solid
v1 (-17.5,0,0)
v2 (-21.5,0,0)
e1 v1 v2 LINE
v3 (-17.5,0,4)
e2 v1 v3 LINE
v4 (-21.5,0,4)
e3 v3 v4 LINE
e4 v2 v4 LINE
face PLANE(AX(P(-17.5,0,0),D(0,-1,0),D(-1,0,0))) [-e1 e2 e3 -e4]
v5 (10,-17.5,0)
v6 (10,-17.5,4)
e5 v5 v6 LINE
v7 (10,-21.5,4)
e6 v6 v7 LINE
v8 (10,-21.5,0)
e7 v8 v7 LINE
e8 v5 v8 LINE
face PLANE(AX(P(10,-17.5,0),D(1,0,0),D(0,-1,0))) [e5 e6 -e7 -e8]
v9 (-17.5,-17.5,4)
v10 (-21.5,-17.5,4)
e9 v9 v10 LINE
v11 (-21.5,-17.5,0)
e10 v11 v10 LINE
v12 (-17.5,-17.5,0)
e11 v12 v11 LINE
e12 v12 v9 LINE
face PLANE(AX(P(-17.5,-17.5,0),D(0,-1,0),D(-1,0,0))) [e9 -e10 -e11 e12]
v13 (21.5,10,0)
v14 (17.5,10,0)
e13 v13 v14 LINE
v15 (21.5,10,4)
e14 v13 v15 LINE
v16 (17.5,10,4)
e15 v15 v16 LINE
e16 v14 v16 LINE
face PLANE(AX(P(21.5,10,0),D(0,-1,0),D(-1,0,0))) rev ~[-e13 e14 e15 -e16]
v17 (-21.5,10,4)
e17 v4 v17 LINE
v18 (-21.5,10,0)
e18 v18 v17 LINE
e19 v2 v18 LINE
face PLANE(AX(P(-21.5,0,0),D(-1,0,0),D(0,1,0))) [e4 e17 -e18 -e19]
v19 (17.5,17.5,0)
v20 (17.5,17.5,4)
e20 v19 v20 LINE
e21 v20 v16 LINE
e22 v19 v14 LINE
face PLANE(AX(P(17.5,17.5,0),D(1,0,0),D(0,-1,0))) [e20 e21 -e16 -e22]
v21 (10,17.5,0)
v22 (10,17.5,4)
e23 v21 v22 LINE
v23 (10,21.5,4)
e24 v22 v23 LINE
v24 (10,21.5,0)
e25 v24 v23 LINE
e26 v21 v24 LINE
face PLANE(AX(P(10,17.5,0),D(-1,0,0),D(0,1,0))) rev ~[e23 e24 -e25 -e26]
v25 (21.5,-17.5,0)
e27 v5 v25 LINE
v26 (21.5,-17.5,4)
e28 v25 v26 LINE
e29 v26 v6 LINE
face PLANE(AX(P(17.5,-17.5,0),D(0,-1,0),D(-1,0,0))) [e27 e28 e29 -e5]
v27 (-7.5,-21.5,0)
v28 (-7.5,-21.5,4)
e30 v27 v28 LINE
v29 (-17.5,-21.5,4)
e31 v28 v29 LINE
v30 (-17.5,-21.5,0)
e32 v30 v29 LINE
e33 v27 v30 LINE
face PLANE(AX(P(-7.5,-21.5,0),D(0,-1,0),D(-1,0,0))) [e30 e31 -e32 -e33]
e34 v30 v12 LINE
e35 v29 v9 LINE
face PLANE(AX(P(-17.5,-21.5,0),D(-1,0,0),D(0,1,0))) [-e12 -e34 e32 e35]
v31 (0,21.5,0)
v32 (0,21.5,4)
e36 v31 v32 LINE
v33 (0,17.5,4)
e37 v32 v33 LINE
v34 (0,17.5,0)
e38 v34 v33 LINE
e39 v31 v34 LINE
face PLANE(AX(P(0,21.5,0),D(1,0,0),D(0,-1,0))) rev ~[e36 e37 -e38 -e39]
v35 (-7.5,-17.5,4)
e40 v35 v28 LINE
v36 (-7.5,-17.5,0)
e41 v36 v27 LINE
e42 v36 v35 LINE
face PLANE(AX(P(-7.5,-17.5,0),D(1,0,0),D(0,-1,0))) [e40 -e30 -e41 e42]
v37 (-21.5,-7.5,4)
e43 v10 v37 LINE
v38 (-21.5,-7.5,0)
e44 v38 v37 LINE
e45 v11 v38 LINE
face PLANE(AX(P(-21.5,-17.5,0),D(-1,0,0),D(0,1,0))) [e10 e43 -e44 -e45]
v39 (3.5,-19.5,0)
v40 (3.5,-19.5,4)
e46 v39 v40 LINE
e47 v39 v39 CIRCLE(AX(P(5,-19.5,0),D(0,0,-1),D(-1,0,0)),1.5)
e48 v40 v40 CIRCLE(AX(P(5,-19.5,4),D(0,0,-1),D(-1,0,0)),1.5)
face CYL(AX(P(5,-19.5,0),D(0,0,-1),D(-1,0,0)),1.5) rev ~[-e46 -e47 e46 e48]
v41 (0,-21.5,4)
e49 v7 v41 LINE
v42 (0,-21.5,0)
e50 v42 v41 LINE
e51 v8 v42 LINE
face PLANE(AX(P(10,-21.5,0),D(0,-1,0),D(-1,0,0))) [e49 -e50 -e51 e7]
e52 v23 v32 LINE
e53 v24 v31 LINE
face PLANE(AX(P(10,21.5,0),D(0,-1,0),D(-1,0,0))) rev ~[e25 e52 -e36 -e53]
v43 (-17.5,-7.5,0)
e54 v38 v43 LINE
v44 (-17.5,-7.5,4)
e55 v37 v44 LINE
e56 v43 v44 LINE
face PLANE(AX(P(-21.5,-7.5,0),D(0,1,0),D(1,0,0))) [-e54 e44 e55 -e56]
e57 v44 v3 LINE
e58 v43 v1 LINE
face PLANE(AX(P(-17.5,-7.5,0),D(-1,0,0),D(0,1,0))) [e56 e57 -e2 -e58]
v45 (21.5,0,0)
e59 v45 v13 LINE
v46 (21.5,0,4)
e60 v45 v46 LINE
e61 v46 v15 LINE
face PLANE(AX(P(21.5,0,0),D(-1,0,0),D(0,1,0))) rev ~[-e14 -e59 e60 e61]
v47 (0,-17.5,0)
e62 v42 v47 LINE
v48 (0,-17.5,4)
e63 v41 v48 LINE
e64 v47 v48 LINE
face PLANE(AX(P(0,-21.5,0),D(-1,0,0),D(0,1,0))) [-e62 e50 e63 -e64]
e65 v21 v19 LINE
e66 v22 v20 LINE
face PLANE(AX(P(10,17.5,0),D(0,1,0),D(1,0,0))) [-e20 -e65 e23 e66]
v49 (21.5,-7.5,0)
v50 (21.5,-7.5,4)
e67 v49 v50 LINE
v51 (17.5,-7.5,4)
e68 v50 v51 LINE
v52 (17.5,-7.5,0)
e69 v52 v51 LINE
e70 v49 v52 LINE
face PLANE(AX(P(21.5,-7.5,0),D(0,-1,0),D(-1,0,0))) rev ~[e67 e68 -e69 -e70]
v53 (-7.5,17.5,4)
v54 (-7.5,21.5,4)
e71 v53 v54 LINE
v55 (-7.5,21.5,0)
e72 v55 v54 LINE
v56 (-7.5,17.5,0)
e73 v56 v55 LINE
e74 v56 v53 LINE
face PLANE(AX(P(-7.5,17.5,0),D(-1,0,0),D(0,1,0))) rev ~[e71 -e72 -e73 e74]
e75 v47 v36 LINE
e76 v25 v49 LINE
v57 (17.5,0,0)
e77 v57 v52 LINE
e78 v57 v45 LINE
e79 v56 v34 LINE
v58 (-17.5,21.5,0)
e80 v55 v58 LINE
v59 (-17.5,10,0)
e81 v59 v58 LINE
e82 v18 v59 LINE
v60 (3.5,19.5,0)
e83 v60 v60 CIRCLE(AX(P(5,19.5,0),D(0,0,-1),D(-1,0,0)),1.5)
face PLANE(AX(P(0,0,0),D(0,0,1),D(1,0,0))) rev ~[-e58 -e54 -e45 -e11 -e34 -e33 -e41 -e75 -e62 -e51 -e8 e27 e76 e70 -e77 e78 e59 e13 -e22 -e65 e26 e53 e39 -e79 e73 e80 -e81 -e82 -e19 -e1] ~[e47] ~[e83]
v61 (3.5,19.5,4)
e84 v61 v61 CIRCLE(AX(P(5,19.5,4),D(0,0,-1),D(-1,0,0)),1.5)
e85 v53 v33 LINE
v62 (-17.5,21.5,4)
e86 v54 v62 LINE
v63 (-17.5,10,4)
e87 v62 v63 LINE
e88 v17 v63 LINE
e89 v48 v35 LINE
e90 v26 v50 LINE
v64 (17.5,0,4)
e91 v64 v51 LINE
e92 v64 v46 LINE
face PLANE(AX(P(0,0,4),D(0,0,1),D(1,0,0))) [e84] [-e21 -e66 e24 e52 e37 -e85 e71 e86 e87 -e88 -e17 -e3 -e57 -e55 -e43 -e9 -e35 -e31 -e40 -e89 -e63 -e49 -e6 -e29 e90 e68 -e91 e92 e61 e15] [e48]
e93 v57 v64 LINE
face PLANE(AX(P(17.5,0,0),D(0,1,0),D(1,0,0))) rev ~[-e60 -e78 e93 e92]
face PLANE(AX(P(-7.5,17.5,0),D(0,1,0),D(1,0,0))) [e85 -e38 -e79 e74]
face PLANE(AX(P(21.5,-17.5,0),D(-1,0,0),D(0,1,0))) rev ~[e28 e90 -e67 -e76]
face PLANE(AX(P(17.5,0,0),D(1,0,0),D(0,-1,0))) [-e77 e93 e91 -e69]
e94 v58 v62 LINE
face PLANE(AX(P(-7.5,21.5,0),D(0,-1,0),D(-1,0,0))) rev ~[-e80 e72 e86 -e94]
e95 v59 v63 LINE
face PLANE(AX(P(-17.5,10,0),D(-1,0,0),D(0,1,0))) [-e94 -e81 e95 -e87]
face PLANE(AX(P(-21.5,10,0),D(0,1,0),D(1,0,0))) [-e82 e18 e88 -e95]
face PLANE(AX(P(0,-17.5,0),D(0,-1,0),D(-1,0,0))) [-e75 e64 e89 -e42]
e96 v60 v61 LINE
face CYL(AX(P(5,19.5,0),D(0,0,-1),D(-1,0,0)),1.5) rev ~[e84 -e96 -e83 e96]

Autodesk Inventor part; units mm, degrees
ref_plane "YZ Plane" through (0, 0, 0) normal (1, 0, 0) x (0, 1, 0)
ref_plane "XZ Plane" through (0, 0, 0) normal (0, 1, 0) x (-1, 0, 0)
ref_plane "XY Plane" through (0, 0, 0) normal (0, 0, 1) x (1, 0, 0)
sketch "Sketch1" plane through (0, 0, 0) normal (0, 0, 1) x (1, 0, 0)
  line L0 (17.5, -17.5) -> (0, -17.5)
  line L1 (-17.5, -17.5) -> (-17.5, 17.5)
  line L2 (-17.5, 17.5) -> (-7.5, 17.5) construction
  line L3 (17.5, 17.5) -> (17.5, 10)
  line L4 (17.5, -17.5) -> (-17.5, 17.5) construction
  line L5 (-17.5, -17.5) -> (17.5, 17.5) construction
  line L6 (-17.5, -17.5) -> (-21.5, -17.5)
  line L7 (-21.5, -17.5) -> (-21.5, -7.5)
  line L8 (-21.5, -7.5) -> (-17.5, -7.5)
  line L9 (-17.5, -7.5) -> (-17.5, -17.5) construction
  line L10 (-17.5, 0) -> (-21.5, 0)
  line L11 (-21.5, 0) -> (-21.5, 10)
  line L12 (-21.5, 10) -> (-17.5, 10)
  line L13 (-17.5, 10) -> (-17.5, 0) construction
  line L14 (-17.5, 17.5) -> (-7.5, 17.5) construction
  line L15 (-7.5, 17.5) -> (-7.5, 21.5)
  line L16 (-7.5, 21.5) -> (-17.5, 21.5)
  line L17 (-17.5, 21.5) -> (-17.5, 17.5)
  line L18 (0, 17.5) -> (10, 17.5) construction
  line L19 (10, 17.5) -> (10, 21.5)
  line L20 (10, 21.5) -> (0, 21.5)
  line L21 (0, 21.5) -> (0, 17.5)
  line L22 (-17.5, 0) -> (17.5, 0) construction
  line L23 (0, -17.5) -> (0, 17.5) construction
  line L24 (-17.5, -17.5) -> (-7.5, -17.5)
  line L25 (-7.5, -17.5) -> (-7.5, -21.5)
  line L26 (-7.5, -21.5) -> (-17.5, -21.5)
  line L27 (-17.5, -21.5) -> (-17.5, -17.5)
  line L28 (0, -17.5) -> (10, -17.5) construction
  line L29 (10, -17.5) -> (10, -21.5)
  line L30 (10, -21.5) -> (0, -21.5)
  line L31 (0, -21.5) -> (0, -17.5)
  line L32 (17.5, -17.5) -> (21.5, -17.5)
  line L33 (21.5, -17.5) -> (21.5, -7.5)
  line L34 (21.5, -7.5) -> (17.5, -7.5)
  line L35 (17.5, -7.5) -> (17.5, -17.5) construction
  line L36 (17.5, 0) -> (21.5, 0)
  line L37 (21.5, 0) -> (21.5, 10)
  line L38 (21.5, 10) -> (17.5, 10)
  line L39 (17.5, 10) -> (17.5, 0) construction
  line L40 (-7.5, 17.5) -> (0, 17.5)
  line L41 (0, 17.5) -> (10, 17.5)
  line L42 (17.5, 10) -> (17.5, 0) construction
  line L43 (17.5, 0) -> (17.5, -7.5)
  line L44 (17.5, -7.5) -> (17.5, -17.5) construction
  line L45 (0, -17.5) -> (-17.5, -17.5)
  line L46 (10, 17.5) -> (17.5, 17.5)
  point P0 (0, 0)
  point P1 (0, 19.5)
  point P2 (-7.5, 19.5)
  point P3 (0, -19.5)
  point P4 (-7.5, -19.5)
  point P5 (-17.5, -7.5)
  point P6 (10, -17.5)
  dimension "d5" = 10
  dimension "d6" = 10
  dimension "d7" = 7.5
  dimension "d8" = 4
  dimension "d9" = 10
  dimension "d10" = 4
  dimension "d11" = 10
  dimension "d12" = 4
  dimension "d13" = 7.5
  dimension "d16" = 35
  dimension "d17" = 35
extrude "Extrusion1" add sketch "Sketch1" along normal blind 4
sketch "Sketch2" plane through (0, 0, 0) normal (0, 0, -1) x (-1, 0, 0)
  line L0 (-3.5, 17.5) -> (-6.5, 17.5) construction
  line L1 (-3.5, 21.5) -> (-3.5, 17.5) construction
  line L2 (-6.5, 21.5) -> (-3.5, 21.5) construction
  line L3 (-6.5, 21.5) -> (-6.5, 17.5) construction
  line L4 (-3.5, -21.5) -> (-6.5, -21.5) construction
  line L5 (-3.5, -17.5) -> (-3.5, -21.5) construction
  line L6 (-6.5, -17.5) -> (-3.5, -17.5) construction
  line L7 (-6.5, -17.5) -> (-6.5, -21.5) construction
  line L8 (-6.5, 21.5) -> (-3.5, 17.5) construction
  line L9 (-6.5, -21.5) -> (-3.5, -17.5) construction
  circle A0 centre (-5, 19.5) radius 1.5
  circle A1 centre (-5, -19.5) radius 1.5
  point P0 (0, 0)
  dimension "d18" = 3
extrude "Extrusion2" cut sketch "Sketch2" against normal up to next
properties part number "FloorButtonHolder_Back_V1" material "MDF Medium Density Fiberboard"
